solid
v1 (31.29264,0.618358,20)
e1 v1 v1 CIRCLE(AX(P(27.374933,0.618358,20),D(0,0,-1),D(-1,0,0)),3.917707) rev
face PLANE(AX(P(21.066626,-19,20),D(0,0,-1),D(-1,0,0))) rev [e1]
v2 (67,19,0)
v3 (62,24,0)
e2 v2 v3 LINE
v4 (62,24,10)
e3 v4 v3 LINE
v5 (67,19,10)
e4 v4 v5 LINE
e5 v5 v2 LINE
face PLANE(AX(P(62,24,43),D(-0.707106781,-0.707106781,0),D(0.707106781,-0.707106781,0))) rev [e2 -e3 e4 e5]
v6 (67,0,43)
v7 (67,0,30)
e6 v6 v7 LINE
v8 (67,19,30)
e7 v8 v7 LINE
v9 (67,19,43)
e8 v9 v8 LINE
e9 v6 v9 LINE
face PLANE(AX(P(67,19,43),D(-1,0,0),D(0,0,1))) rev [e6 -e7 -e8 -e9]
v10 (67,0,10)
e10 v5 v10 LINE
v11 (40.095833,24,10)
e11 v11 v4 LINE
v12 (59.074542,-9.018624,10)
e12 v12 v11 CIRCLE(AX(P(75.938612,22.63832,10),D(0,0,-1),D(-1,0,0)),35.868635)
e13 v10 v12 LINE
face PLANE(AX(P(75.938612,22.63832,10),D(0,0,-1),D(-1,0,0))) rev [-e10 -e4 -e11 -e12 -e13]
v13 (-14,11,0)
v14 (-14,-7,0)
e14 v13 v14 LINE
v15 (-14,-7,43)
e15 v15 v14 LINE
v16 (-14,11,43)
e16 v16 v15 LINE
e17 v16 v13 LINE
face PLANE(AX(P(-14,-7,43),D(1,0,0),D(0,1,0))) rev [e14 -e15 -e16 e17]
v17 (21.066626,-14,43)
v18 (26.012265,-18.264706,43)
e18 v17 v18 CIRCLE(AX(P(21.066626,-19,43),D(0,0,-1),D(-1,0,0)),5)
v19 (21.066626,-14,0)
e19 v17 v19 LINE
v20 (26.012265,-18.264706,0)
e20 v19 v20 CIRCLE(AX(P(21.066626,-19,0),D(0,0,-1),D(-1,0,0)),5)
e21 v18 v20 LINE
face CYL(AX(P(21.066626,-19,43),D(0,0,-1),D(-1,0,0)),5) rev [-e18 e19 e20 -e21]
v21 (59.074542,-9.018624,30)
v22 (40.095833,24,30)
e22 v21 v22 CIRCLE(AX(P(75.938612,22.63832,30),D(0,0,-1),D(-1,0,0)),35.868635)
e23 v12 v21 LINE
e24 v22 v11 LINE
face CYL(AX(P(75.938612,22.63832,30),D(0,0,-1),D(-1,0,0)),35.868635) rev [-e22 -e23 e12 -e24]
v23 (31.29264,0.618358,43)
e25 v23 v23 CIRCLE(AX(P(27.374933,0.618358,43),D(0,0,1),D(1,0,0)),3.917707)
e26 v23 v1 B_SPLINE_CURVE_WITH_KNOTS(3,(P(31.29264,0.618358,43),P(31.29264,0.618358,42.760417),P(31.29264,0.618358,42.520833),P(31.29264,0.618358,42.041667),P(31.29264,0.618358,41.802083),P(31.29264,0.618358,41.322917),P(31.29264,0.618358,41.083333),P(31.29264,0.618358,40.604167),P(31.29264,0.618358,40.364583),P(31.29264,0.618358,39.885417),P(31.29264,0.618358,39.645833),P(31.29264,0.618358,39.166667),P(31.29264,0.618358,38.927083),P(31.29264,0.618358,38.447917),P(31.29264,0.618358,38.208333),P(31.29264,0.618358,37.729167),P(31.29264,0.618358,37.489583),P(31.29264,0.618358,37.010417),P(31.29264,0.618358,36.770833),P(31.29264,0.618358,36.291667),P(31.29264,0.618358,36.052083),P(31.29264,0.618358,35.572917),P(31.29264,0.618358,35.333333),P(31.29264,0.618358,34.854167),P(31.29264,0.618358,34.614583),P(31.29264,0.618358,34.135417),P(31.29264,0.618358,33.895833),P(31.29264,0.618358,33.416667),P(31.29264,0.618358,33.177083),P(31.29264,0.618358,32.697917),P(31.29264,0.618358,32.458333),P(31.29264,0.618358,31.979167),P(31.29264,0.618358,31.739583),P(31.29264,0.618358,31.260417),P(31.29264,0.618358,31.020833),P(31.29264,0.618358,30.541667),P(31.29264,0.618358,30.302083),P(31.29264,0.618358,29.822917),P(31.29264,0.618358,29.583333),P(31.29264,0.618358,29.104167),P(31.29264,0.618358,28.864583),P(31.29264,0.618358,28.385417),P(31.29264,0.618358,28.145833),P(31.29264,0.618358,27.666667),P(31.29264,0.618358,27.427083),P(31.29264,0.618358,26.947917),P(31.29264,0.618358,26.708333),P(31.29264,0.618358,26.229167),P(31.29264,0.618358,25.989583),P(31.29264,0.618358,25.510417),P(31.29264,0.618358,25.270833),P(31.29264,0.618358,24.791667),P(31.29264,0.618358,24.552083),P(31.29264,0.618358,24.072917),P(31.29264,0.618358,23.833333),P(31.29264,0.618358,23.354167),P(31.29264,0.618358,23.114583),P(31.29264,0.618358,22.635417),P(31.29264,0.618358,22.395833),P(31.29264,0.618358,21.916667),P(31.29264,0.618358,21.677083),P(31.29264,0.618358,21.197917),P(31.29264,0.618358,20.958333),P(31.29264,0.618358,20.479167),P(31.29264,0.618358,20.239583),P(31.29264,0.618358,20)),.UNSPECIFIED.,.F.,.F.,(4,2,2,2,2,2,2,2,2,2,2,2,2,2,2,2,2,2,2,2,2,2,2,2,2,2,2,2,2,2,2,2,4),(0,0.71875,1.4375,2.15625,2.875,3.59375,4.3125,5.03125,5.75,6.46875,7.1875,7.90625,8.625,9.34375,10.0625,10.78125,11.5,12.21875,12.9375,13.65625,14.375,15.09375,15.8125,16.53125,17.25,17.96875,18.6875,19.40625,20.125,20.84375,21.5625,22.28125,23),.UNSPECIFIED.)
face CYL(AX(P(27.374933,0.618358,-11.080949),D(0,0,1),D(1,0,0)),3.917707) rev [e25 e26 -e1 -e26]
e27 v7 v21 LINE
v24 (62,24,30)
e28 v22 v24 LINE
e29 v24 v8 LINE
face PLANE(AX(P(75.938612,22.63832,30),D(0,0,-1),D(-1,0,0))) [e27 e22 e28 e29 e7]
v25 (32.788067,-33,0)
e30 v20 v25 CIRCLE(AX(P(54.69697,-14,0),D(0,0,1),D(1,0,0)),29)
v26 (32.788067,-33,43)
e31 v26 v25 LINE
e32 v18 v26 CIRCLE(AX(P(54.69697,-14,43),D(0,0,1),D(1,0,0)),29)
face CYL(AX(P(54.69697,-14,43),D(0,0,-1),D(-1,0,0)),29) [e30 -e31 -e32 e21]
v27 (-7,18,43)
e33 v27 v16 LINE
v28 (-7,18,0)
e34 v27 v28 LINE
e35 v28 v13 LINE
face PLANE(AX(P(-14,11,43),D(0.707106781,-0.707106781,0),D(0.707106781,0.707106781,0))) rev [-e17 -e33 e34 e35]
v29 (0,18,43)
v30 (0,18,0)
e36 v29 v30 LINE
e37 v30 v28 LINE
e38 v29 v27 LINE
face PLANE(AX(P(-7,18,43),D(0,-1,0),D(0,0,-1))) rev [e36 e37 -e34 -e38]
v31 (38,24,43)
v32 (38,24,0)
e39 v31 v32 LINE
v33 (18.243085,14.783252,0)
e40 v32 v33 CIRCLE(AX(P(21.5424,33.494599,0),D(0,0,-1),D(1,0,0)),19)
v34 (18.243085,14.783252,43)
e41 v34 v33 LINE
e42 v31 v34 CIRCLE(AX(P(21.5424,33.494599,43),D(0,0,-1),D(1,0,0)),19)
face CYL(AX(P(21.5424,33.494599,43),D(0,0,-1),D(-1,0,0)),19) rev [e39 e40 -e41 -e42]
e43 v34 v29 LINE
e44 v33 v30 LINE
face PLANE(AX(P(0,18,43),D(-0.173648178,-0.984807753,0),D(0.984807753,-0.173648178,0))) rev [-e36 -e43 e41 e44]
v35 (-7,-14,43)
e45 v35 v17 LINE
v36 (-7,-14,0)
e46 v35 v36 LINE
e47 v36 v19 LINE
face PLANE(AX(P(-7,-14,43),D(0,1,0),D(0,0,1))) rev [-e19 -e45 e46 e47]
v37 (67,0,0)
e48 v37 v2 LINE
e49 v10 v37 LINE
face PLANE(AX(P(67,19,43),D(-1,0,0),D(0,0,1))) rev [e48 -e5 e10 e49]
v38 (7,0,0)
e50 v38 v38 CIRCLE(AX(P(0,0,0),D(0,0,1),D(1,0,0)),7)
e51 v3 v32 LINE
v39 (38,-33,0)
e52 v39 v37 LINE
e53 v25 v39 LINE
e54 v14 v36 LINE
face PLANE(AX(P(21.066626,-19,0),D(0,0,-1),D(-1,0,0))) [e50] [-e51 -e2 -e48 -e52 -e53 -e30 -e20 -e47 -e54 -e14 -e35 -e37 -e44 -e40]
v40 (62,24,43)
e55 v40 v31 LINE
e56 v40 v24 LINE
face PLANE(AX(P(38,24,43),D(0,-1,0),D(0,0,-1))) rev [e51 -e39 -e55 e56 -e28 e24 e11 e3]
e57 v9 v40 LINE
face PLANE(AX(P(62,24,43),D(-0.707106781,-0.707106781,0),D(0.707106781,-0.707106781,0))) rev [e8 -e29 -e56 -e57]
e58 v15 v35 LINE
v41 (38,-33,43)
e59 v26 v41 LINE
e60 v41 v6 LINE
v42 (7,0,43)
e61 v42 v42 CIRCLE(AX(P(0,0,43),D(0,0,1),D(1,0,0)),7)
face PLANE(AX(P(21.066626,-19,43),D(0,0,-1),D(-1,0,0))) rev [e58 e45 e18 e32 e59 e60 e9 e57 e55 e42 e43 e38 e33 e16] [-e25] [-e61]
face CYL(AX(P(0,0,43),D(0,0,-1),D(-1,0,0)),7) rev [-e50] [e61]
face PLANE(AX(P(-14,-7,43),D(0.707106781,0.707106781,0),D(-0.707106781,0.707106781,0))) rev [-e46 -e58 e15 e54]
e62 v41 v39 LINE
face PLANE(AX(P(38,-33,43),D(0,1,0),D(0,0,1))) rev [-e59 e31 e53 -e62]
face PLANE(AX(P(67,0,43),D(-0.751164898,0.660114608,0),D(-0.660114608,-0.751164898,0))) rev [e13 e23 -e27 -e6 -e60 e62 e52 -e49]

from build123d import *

# Parameters (mm, degrees)
SKETCH1_R           = 7
BOSS_EXTRUDE1_DEPTH = 43
CUT_EXTRUDE1_START  = -10
SKETCH2_R           = 35.868634871
CUT_EXTRUDE1_DEPTH  = 20
SKETCH3_R           = 3.917707096
CUT_EXTRUDE2_DEPTH  = 23


with BuildPart() as part:
    # Sketch1 → Boss-Extrude1 (new body)
    with BuildSketch(Plane.XY):
        with BuildLine():
            Line((-14, -7), (-14, 11))
            Line((-14, 11), (-7, 18))
            Line((-7, 18), (0, 18))
            Line((0, 18), (18.243084988, 14.783251905))
            ThreePointArc((18.243084988, 14.783251905), (29.574972961, 16.276069151), (38, 24))
            Line((38, 24), (62, 24))
            Line((62, 24), (67, 19))
            Line((67, 19), (67, 0))
            Line((67, 0), (38, -33))
            Line((38, -33), (32.788067397, -33))
            ThreePointArc((32.788067397, -33), (28.3490952, -26.115672061), (26.012264997, -18.264705882))
            ThreePointArc((26.012264997, -18.264705882), (24.331862036, -15.213413768), (21.066626255, -14))
            Line((21.066626255, -14), (-7, -14))
            Line((-7, -14), (-14, -7))
        make_face()
        Circle(SKETCH1_R, mode=Mode.SUBTRACT)
    extrude(amount=BOSS_EXTRUDE1_DEPTH)

    # Sketch2 → Cut-Extrude1 (cut)
    with BuildSketch(Plane(origin=(0, 0, 0), x_dir=(-1, 0, 0), z_dir=(0, 0, -1)).offset(CUT_EXTRUDE1_START)):
        with Locations((-75.938611571, 22.638320419)):
            Circle(SKETCH2_R)
    extrude(amount=-CUT_EXTRUDE1_DEPTH, mode=Mode.SUBTRACT)

    # Sketch3 → Cut-Extrude2 (cut)
    with BuildSketch(Plane.XY.offset(43)):
        with Locations((27.374932955, 0.618357786)):
            Circle(SKETCH3_R)
    extrude(amount=-CUT_EXTRUDE2_DEPTH, mode=Mode.SUBTRACT)


solid = part.part
